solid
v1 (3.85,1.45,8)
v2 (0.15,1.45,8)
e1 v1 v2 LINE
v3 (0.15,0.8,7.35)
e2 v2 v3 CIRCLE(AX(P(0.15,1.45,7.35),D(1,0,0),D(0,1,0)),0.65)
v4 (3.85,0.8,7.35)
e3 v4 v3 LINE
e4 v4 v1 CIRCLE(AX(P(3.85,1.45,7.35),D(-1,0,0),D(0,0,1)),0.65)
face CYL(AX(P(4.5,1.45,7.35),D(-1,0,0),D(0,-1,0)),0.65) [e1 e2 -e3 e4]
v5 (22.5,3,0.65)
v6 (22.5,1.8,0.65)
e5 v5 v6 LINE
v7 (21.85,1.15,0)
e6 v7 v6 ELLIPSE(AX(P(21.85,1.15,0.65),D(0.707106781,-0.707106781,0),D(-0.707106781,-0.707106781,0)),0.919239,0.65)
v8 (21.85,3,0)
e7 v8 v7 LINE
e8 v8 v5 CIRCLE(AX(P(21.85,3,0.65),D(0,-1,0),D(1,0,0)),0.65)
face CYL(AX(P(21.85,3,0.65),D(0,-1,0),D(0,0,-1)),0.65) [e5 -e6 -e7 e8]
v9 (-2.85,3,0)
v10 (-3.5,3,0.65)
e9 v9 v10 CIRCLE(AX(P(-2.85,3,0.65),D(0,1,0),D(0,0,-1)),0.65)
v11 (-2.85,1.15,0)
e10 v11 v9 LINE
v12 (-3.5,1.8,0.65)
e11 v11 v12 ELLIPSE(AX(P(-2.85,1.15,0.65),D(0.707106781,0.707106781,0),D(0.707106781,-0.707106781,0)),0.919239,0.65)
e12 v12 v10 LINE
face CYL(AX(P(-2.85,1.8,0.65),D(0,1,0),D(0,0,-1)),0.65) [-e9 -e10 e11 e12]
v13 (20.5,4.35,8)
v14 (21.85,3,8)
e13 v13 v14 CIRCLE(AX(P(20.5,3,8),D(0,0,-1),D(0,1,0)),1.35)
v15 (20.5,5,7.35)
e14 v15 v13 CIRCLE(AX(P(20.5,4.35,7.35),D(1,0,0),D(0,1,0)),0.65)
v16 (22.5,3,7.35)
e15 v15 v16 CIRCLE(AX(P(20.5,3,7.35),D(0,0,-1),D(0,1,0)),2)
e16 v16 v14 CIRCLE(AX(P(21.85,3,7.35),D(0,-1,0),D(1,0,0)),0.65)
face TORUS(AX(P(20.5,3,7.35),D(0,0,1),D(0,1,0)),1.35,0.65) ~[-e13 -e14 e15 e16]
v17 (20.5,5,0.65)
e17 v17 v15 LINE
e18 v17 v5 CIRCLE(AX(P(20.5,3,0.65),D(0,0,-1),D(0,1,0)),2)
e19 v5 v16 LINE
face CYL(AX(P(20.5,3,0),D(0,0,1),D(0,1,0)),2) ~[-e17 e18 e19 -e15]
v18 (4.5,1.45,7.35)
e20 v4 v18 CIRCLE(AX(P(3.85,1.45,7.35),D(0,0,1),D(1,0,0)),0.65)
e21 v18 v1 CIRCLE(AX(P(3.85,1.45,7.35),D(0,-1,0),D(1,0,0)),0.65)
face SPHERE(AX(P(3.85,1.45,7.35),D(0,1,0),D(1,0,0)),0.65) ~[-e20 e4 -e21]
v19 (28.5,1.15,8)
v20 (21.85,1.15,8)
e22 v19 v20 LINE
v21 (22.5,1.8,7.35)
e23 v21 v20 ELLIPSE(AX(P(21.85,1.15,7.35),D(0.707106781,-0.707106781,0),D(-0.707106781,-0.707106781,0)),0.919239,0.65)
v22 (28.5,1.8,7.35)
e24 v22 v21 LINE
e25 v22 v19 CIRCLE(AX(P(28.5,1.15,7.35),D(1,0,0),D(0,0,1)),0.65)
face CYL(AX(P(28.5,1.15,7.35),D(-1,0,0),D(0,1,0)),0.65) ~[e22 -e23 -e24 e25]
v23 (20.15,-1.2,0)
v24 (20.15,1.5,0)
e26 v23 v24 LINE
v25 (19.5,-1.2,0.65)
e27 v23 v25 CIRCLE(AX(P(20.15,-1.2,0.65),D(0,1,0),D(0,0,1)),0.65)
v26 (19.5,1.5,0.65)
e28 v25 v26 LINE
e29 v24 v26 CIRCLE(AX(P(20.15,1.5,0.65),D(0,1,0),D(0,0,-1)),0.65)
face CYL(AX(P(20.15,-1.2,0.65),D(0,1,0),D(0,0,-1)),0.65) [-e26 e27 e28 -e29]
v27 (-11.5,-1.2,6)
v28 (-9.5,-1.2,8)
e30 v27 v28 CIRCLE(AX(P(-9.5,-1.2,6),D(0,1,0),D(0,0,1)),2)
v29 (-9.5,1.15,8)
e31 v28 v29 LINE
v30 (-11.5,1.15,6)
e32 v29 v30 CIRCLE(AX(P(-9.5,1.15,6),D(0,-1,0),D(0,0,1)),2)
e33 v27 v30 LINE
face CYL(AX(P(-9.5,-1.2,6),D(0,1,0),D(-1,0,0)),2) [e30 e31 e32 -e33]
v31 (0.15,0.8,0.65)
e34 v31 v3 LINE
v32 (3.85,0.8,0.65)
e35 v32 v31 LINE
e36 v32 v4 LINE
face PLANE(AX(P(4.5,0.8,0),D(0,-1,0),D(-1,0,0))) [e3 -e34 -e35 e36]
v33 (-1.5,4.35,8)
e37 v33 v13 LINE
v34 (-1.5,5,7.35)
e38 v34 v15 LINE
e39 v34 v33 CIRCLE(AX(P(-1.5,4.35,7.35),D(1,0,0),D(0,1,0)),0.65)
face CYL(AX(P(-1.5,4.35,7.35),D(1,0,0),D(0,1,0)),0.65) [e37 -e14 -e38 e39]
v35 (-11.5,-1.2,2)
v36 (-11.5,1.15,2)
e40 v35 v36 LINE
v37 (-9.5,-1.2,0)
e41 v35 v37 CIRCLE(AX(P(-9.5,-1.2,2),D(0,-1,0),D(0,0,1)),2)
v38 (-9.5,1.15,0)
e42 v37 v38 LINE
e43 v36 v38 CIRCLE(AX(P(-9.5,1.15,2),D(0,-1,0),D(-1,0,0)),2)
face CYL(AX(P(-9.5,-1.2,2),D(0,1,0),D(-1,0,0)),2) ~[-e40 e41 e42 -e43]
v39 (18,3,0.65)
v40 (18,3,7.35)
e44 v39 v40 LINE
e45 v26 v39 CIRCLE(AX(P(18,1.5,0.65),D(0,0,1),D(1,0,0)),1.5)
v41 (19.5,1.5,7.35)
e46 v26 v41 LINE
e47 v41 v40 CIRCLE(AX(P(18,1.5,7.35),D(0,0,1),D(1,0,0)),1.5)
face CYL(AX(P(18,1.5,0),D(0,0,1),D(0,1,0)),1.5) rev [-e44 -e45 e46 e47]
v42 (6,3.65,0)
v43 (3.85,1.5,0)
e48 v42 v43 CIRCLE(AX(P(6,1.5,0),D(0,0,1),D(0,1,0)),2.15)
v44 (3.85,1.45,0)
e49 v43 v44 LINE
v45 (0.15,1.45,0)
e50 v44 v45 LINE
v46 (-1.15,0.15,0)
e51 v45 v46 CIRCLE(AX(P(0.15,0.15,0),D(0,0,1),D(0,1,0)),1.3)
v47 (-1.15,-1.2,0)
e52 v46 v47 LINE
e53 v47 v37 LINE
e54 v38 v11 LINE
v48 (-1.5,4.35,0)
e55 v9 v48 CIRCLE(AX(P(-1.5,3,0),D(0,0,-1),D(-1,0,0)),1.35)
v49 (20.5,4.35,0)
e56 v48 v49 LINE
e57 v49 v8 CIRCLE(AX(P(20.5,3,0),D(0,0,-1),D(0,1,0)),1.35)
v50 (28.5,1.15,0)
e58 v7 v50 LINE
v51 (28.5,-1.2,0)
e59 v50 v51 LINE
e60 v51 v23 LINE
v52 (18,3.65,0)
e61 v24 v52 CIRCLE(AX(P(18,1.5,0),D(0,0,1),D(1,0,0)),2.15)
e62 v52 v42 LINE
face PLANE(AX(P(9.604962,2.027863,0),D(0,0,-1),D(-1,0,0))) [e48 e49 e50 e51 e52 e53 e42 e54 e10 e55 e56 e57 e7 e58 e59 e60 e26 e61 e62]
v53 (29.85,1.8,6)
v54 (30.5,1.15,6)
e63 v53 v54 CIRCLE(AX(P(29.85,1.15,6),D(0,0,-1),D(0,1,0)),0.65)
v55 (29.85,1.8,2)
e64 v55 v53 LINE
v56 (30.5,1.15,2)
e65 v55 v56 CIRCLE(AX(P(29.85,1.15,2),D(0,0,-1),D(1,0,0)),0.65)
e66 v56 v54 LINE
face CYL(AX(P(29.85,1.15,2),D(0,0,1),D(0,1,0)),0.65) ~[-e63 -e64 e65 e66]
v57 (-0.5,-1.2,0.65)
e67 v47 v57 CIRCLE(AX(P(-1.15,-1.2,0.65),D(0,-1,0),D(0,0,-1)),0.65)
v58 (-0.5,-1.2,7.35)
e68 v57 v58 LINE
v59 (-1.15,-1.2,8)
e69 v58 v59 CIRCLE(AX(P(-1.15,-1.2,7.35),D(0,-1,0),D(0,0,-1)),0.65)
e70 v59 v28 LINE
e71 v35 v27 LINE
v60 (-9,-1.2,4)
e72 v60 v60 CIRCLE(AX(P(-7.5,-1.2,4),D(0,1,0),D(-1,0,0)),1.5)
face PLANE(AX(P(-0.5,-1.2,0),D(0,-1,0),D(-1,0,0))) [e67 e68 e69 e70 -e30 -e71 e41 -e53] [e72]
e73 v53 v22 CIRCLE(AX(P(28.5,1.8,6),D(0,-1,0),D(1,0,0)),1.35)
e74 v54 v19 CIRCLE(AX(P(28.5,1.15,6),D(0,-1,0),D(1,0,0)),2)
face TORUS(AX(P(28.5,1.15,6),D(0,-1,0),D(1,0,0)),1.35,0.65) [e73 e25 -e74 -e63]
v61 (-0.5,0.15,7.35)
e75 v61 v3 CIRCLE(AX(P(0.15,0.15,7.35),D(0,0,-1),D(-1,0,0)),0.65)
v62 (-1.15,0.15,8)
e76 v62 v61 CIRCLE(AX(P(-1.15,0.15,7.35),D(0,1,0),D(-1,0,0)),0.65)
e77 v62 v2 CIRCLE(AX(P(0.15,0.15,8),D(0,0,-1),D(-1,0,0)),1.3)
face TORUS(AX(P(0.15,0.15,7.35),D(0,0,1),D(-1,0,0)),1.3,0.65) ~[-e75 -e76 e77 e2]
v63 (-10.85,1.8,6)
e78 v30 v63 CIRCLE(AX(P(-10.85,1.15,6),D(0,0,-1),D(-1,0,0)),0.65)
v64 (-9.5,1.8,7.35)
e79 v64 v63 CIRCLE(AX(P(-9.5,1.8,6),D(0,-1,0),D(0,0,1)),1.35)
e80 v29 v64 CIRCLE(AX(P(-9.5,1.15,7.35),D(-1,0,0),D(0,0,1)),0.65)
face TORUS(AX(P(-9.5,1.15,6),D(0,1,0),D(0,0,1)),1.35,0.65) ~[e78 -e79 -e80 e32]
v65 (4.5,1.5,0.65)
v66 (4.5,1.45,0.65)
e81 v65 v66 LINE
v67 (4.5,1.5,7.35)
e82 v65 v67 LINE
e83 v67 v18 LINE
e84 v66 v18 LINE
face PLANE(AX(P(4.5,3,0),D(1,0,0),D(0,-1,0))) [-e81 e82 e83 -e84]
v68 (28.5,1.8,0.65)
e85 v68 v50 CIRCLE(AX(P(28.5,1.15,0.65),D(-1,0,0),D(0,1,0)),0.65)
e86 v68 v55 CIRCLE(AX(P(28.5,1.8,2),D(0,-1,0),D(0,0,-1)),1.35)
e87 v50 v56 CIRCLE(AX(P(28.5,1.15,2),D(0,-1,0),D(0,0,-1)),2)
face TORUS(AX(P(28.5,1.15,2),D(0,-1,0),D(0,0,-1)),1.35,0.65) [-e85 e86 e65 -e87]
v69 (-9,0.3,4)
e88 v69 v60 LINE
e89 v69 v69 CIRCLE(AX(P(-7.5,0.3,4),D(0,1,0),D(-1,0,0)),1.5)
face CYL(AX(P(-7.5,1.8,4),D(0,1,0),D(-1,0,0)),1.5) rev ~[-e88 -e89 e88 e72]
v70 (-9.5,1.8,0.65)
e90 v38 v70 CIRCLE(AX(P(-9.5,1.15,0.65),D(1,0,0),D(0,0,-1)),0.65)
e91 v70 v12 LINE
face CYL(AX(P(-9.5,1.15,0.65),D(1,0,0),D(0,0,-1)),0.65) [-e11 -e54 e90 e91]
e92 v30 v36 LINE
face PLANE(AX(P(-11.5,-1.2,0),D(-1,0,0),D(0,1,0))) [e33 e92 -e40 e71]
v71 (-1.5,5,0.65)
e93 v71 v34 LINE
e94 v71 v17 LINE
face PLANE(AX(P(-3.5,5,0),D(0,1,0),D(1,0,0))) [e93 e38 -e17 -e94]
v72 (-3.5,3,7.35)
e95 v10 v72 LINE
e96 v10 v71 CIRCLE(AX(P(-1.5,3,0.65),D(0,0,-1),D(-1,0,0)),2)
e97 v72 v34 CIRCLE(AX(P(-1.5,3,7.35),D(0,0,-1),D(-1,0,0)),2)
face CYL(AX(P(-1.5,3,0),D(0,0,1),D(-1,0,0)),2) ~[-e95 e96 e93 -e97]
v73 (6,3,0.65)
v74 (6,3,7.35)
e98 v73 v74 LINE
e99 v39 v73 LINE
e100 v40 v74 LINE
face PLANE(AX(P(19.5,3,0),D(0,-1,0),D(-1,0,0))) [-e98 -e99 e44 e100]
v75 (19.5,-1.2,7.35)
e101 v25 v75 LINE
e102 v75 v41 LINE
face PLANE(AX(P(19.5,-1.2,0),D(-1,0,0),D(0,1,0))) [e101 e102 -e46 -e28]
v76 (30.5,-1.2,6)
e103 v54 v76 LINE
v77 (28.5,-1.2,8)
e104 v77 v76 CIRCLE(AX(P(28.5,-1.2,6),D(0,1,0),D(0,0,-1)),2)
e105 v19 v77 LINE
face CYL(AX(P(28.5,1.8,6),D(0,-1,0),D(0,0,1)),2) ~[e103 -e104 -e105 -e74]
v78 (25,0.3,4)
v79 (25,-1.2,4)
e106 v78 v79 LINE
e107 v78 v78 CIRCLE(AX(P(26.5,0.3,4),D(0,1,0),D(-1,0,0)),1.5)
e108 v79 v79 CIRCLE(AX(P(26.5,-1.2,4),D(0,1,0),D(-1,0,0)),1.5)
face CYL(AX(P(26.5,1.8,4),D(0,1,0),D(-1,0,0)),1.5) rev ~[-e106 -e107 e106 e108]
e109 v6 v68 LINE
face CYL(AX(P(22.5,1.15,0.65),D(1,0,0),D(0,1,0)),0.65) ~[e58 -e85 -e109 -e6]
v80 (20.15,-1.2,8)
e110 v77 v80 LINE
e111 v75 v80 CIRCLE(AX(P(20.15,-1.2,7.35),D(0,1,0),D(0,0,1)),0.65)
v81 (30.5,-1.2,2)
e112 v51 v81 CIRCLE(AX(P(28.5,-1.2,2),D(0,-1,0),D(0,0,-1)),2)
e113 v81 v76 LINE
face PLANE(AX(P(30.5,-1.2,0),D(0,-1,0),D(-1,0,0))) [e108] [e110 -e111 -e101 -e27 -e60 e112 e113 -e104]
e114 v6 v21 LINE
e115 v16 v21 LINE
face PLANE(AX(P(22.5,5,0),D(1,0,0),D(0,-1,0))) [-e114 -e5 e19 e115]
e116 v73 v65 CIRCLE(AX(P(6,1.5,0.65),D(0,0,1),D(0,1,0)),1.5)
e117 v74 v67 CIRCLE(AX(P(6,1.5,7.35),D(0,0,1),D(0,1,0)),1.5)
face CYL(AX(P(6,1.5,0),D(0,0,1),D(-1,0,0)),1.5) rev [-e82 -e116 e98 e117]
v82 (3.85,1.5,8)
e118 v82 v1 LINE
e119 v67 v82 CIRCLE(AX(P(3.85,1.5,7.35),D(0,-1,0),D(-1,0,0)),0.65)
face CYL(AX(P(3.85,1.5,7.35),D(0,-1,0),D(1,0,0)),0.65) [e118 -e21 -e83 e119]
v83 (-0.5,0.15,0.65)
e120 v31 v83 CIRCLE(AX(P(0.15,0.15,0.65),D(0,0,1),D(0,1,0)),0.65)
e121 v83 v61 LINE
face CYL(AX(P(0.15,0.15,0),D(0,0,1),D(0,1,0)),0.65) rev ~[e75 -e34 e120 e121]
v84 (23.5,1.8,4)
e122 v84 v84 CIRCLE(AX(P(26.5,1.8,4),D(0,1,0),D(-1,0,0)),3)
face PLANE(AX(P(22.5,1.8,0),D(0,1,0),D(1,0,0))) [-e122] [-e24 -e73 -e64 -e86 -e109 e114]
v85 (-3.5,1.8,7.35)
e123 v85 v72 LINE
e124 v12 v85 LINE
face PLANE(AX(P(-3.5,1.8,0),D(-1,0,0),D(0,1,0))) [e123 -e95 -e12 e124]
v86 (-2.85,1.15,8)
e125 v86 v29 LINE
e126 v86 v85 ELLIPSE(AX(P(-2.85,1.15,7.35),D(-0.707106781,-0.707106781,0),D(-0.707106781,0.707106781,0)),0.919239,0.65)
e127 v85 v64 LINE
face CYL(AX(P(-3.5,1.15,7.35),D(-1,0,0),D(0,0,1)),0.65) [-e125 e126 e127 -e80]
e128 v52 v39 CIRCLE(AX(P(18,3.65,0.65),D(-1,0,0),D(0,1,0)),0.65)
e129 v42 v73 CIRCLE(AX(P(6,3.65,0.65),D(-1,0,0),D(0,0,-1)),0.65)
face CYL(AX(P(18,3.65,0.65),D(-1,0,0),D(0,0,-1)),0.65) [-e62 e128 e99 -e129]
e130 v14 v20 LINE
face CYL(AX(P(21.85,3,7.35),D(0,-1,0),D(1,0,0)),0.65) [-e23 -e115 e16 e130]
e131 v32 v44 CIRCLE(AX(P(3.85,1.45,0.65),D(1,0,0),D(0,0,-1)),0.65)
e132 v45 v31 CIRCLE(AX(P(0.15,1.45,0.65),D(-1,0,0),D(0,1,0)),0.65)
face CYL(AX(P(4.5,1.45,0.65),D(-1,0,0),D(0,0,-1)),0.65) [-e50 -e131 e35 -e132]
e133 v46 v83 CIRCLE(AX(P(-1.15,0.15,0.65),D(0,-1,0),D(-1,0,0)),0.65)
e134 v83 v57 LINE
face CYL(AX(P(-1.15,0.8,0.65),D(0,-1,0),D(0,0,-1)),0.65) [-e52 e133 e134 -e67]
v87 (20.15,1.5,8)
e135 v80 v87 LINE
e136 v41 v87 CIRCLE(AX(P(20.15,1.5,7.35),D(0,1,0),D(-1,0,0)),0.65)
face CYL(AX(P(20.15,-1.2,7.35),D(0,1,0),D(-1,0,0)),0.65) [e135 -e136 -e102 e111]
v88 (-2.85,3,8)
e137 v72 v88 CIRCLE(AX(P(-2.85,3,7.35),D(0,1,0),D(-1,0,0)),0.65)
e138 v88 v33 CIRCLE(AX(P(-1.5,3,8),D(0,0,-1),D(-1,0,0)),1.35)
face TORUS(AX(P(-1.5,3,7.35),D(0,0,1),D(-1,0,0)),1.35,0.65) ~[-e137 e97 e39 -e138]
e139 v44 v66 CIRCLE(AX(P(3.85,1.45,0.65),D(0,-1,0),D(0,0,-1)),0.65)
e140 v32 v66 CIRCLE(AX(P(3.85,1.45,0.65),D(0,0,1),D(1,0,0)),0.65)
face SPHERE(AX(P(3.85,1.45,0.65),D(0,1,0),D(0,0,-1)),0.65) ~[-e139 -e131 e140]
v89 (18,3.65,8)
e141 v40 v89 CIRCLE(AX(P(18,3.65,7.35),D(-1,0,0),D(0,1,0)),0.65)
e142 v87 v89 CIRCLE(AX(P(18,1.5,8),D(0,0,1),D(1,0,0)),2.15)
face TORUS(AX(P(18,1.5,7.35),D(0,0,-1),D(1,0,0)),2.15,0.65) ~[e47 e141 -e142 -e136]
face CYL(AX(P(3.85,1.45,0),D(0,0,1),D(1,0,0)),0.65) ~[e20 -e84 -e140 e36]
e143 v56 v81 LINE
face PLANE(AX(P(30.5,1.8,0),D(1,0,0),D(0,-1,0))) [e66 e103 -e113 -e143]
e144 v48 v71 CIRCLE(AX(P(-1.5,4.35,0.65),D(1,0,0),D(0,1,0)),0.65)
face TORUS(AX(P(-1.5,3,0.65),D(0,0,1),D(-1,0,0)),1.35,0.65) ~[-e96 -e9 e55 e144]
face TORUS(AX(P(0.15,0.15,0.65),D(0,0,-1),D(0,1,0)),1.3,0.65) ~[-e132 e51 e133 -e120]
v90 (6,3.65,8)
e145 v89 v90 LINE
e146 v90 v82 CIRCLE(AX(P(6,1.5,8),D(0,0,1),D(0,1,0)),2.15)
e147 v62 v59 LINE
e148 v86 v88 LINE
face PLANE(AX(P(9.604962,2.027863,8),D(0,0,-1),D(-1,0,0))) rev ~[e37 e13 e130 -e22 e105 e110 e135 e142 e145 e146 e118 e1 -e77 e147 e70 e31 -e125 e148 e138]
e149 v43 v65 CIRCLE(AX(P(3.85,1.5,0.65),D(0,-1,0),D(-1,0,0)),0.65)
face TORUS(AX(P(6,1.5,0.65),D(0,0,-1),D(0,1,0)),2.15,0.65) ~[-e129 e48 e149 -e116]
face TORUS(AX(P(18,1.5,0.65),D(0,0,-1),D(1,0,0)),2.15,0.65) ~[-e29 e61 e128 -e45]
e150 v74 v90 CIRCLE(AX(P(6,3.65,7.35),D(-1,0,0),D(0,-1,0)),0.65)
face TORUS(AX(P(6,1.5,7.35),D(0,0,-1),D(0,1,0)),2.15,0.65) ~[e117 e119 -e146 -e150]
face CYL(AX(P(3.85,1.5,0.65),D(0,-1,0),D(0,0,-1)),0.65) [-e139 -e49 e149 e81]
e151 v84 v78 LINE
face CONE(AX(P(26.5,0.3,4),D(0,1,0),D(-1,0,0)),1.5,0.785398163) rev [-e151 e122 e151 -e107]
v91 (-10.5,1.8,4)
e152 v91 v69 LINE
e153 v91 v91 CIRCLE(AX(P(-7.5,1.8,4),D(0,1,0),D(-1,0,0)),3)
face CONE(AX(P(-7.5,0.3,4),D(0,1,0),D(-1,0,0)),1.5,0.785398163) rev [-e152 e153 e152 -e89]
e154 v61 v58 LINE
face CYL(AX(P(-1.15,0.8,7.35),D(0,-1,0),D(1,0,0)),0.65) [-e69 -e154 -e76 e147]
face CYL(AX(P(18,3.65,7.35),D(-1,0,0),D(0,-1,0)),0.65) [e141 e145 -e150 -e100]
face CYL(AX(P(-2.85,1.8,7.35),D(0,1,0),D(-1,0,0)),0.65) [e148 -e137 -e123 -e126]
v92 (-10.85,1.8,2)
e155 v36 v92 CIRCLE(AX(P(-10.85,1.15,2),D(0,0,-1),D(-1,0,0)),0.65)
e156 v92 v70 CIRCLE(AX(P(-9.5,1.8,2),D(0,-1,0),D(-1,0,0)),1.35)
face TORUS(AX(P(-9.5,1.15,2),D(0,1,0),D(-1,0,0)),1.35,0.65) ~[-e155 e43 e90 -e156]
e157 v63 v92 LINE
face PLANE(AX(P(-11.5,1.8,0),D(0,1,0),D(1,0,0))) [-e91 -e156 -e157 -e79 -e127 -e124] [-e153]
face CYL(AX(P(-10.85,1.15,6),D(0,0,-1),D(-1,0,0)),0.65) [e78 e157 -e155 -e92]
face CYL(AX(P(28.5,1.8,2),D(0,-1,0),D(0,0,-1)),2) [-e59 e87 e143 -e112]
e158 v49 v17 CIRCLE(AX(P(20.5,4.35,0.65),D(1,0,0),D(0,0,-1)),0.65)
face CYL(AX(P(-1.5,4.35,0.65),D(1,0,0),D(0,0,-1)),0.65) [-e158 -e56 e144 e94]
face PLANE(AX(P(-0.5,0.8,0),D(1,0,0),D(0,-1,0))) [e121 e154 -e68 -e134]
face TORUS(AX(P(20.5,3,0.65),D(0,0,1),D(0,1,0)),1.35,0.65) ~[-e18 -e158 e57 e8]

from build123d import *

# Parameters (mm, degrees)
RESSALTO_EXTRUS_O1_DEPTH = 8
ESBO_O2_R                = 1.5
CORTE_EXTRUS_O1_DEPTH    = 6
CHANFRO2_SIZE            = 1.5
FILETE1_R                = 2
FILETE2_R                = 1.5
FILETE3_R                = 0.65


with BuildPart() as part:
    # Esboço1 → Ressalto-extrusão1 (new body)
    with BuildSketch(Plane.XY):
        Polygon((-11.5, -1.2), (-11.5, 1.8), (-3.5, 1.8), (-3.5, 5), (22.5, 5), (22.5, 1.8), (30.5, 1.8), (30.5, -1.2), (19.5, -1.2), (19.5, 3), (4.5, 3), (4.5, 0.8), (-0.5, 0.8), (-0.5, -1.2), align=None)
    extrude(amount=RESSALTO_EXTRUS_O1_DEPTH)

    # Esboço2 → Corte-extrusão1 (cut)
    with BuildSketch(Plane(origin=(0, 1.8, 0), x_dir=(1, 0, 0), z_dir=(0, 1, 0))):
        with Locations(Location((-7.5, -4, 0), (0, 0, 180))):
            Circle(ESBO_O2_R)
        with Locations(Location((26.5, -4, 0), (0, 0, 180))):
            Circle(ESBO_O2_R)
    extrude(amount=-CORTE_EXTRUS_O1_DEPTH, mode=Mode.SUBTRACT)

    # Chanfro2
    chanfro2_edges = [part.edges().sort_by_distance(p)[0] for p in [
        (-6, 1.8, 4),
        (28, 1.8, 4),
    ]]
    chamfer(chanfro2_edges, length=CHANFRO2_SIZE)

    # Filete1
    filete1_edges = [part.edges().sort_by_distance(p)[0] for p in [
        (30.5, 0.3, 0),
        (-11.5, 0.3, 0),
        (-11.5, 0.3, 8),
        (-3.5, 5, 4),
        (22.5, 5, 4),
        (30.5, 0.3, 8),
    ]]
    fillet(filete1_edges, radius=FILETE1_R)

    # Filete2
    filete2_edges = [part.edges().sort_by_distance(p)[0] for p in [
        (19.5, 3, 4),
        (4.5, 3, 4),
    ]]
    fillet(filete2_edges, radius=FILETE2_R)

    # Filete3
    filete3_edges = [part.edges().sort_by_distance(p)[0] for p in [
        (12, 3, 0),
        (12, 3, 8),
        (19.5, 0.15, 0),
        (19.5, 0.15, 8),
        (4.939339828, 2.560660172, 0),
        (4.939339828, 2.560660172, 8),
        (19.060660172, 2.560660172, 0),
        (19.060660172, 2.560660172, 8),
        (4.5, 1.15, 0),
        (2, 0.8, 0),
        (-0.5, -0.2, 0),
        (-6.5, 1.8, 0),
        (22.5, 2.4, 0),
        (-6.5, 1.8, 8),
        (4.5, 0.8, 4),
        (-0.5, 0.8, 4),
        (-0.5, -0.2, 8),
        (2, 0.8, 8),
        (4.5, 1.15, 8),
        (30.5, 1.8, 4),
        (25.5, 1.8, 0),
        (25.5, 1.8, 8),
        (29.914213562, 1.8, 7.414213562),
        (29.914213562, 1.8, 0.585786438),
        (-3.5, 2.4, 0),
        (9.5, 5, 0),
        (-2.914213562, 4.414213562, 0),
        (21.914213562, 4.414213562, 0),
        (9.5, 5, 8),
        (-3.5, 2.4, 8),
        (-2.914213562, 4.414213562, 8),
        (21.914213562, 4.414213562, 8),
        (-11.5, 1.8, 4),
        (-10.914213562, 1.8, 7.414213562),
        (-10.914213562, 1.8, 0.585786438),
        (22.5, 2.4, 8),
    ]]
    fillet(filete3_edges, radius=FILETE3_R)


solid = part.part
